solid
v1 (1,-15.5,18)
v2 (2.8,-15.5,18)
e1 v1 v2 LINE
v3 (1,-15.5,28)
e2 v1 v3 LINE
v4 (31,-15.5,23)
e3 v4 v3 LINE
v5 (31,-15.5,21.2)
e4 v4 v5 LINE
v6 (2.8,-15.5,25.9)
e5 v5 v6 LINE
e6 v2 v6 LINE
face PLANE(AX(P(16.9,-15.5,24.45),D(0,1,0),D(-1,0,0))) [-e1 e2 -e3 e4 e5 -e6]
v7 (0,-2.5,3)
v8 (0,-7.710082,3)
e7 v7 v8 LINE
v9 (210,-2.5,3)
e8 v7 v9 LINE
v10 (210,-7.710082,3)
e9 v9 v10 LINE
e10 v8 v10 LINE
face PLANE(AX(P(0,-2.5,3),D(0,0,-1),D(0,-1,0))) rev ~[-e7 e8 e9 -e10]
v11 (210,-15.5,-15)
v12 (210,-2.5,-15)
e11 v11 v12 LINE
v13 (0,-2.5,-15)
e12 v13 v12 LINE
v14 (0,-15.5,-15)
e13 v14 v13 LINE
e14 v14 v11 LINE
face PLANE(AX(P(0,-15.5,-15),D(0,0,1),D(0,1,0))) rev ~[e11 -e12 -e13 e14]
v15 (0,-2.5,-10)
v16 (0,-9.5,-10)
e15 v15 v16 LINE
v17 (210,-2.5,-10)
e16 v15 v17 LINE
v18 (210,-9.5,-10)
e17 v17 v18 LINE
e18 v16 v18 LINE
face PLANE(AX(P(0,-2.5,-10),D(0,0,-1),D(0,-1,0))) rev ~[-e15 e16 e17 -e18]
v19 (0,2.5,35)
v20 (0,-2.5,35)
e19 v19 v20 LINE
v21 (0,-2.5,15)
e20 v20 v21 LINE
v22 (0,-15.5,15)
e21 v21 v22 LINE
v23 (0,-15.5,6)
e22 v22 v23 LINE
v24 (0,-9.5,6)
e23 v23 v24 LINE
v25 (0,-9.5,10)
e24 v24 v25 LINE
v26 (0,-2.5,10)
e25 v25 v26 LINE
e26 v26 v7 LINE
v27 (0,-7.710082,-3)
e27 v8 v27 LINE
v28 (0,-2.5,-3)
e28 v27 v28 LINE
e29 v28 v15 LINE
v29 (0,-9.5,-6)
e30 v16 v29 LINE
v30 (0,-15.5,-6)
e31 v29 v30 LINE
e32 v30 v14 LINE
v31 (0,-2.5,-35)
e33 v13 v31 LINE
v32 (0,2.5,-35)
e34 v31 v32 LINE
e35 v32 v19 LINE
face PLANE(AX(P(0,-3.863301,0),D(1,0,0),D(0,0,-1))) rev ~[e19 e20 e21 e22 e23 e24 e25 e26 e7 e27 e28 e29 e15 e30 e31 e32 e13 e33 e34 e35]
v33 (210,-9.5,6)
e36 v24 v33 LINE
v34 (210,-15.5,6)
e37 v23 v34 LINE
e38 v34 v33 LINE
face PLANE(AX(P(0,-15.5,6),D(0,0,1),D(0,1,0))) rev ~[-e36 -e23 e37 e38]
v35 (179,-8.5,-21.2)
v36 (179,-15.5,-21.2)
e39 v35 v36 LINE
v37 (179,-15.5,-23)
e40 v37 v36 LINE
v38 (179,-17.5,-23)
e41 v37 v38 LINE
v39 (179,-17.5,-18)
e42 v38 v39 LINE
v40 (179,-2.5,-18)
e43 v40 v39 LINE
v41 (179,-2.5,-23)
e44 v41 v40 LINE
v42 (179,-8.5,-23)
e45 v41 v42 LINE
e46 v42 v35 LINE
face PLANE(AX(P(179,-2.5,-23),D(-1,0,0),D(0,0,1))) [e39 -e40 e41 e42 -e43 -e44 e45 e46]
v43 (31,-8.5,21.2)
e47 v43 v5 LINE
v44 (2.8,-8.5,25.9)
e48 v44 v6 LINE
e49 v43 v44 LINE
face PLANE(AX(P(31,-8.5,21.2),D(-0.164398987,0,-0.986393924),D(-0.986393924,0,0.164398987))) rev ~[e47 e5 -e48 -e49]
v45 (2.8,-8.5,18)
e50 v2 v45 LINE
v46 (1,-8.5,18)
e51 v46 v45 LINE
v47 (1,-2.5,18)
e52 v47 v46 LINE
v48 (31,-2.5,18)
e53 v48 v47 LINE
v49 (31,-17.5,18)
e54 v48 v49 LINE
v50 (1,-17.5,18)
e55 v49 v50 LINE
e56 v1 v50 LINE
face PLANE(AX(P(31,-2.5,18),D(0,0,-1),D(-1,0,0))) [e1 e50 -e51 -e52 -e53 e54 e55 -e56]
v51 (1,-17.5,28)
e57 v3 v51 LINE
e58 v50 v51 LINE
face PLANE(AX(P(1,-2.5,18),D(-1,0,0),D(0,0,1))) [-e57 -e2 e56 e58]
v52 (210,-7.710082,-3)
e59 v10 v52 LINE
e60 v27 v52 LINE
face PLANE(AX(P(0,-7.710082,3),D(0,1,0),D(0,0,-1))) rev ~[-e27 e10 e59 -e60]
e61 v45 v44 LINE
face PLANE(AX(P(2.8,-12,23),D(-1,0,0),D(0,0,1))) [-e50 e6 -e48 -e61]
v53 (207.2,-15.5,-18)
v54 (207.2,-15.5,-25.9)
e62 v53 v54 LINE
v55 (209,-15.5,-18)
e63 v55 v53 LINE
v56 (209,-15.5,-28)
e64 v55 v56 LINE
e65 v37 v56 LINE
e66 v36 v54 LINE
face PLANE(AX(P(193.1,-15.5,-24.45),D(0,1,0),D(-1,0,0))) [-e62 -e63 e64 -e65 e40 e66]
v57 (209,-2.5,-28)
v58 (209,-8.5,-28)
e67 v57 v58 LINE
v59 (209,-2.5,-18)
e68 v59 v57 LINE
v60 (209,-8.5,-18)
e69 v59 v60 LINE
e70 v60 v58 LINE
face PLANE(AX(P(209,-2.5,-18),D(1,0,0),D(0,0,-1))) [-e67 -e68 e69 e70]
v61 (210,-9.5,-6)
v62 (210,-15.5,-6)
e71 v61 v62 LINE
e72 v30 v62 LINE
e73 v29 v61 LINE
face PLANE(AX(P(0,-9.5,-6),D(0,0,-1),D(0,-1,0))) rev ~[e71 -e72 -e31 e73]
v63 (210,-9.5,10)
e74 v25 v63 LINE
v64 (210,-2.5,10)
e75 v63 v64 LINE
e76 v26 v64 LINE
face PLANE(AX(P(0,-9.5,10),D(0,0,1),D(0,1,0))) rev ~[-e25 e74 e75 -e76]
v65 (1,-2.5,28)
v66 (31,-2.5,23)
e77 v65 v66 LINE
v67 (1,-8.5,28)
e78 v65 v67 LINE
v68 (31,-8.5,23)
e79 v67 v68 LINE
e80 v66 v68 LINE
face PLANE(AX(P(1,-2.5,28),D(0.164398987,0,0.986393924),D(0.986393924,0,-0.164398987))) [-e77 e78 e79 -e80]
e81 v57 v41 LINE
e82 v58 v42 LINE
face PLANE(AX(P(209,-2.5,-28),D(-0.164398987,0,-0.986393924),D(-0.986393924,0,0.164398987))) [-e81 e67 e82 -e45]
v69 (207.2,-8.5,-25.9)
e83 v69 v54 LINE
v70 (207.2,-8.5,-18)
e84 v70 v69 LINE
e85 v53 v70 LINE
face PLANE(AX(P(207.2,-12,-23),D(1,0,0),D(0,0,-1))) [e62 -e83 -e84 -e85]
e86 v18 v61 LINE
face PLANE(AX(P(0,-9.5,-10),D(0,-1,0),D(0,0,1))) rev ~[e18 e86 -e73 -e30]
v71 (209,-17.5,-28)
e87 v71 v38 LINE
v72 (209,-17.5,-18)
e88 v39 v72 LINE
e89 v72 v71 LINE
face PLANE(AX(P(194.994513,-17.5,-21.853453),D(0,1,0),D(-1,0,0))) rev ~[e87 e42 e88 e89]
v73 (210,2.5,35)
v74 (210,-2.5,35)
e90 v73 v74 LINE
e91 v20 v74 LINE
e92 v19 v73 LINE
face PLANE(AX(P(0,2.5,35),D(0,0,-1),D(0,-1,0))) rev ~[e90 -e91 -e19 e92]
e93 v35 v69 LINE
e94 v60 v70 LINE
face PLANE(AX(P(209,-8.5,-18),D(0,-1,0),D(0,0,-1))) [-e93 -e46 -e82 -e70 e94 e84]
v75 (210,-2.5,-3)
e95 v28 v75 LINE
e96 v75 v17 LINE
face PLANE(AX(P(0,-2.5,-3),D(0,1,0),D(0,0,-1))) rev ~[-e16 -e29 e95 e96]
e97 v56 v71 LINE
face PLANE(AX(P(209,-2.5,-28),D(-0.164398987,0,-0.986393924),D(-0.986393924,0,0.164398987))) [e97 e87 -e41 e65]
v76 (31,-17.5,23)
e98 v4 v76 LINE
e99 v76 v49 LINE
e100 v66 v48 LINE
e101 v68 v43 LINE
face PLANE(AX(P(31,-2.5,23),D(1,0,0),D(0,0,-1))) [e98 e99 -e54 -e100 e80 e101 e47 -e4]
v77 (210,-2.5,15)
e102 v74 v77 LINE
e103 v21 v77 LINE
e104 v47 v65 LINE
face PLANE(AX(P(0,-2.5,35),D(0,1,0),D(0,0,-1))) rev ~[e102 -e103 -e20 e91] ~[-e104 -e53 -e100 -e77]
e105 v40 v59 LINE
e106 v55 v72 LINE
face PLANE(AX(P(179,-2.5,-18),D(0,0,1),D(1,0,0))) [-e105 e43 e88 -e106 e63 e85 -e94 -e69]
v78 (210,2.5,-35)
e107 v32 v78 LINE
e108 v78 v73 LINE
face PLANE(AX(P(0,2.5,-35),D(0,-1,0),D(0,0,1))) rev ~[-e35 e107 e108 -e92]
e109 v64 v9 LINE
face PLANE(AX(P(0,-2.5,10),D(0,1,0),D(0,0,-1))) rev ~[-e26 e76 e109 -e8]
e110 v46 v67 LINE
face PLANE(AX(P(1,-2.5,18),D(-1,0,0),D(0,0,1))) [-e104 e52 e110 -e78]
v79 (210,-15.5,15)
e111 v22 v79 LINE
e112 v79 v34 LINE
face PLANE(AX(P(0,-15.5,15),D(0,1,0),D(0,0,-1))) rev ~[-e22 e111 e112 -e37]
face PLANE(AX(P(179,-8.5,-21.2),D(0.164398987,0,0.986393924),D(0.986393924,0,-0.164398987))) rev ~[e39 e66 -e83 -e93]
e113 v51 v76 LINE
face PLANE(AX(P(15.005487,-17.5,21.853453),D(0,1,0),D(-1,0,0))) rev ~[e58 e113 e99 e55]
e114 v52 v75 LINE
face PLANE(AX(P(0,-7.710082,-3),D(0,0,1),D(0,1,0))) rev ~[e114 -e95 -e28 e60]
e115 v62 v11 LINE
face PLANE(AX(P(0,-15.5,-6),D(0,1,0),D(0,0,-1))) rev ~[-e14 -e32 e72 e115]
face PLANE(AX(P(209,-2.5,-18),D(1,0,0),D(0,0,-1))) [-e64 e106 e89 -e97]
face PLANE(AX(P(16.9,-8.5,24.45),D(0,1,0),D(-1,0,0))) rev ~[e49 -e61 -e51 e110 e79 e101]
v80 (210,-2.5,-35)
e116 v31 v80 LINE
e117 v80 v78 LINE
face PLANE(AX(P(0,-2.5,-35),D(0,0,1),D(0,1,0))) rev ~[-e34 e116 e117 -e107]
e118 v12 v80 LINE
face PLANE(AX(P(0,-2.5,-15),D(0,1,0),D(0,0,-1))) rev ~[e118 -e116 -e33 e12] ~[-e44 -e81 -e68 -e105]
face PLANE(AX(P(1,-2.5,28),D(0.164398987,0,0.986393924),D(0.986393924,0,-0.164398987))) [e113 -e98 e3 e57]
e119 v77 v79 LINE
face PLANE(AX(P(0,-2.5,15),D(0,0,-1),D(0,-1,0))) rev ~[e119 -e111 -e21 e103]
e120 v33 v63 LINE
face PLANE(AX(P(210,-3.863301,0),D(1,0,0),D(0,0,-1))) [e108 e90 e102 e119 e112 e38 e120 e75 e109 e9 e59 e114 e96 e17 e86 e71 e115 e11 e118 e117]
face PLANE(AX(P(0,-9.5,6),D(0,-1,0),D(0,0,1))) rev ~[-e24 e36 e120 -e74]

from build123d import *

# Parameters (mm, degrees)
BOSS_EXTRUDE1_DEPTH = 210
BOSS_EXTRUDE2_DEPTH = 15
SKETCH3_W           = 10
SKETCH3_H           = 7
CUT_EXTRUDE1_DEPTH  = 1.8
SKETCH5_W           = 10
SKETCH5_H           = 7
CUT_EXTRUDE2_DEPTH  = 1.8
CUT_EXTRUDE3_DEPTH  = 7
CUT_EXTRUDE4_DEPTH  = 7


with BuildPart() as part:
    # Sketch1 → Boss-Extrude1 (new body)
    with BuildSketch(Plane(origin=(0, 0, 0), x_dir=(0, 0, -1), z_dir=(1, 0, 0))):
        Polygon((-35, -2.5), (-15, -2.5), (-15, -15.5), (-6, -15.5), (-6, -9.5), (-10, -9.5), (-10, -2.5), (-3, -2.5), (-3, -7.710081811), (3, -7.710081811), (3, -2.5), (10, -2.5), (10, -9.5), (6, -9.5), (6, -15.5), (15, -15.5), (15, -2.5), (35, -2.5), (35, 2.5), (-35, 2.5), align=None)
    extrude(amount=BOSS_EXTRUDE1_DEPTH)

    # Sketch2 → Boss-Extrude2 (add)
    with BuildSketch(Plane.XZ.offset(2.5)):
        Polygon((1, 28), (31, 23), (31, 18), (1, 18), align=None)
        Polygon((209, -18), (209, -28), (179, -23), (179, -18), align=None)
    extrude(amount=BOSS_EXTRUDE2_DEPTH)

    # Sketch3 → Cut-Extrude1 (cut)
    with BuildSketch(Plane.ZY.offset(-1)):
        with Locations((23, -12)):
            Rectangle(SKETCH3_W, SKETCH3_H)
    extrude(amount=-CUT_EXTRUDE1_DEPTH, mode=Mode.SUBTRACT)

    # Sketch5 → Cut-Extrude2 (cut)
    with BuildSketch(Plane(origin=(209, 0, 0), x_dir=(0, 0, -1), z_dir=(1, 0, 0))):
        with Locations((23, -12)):
            Rectangle(SKETCH5_W, SKETCH5_H)
    extrude(amount=-CUT_EXTRUDE2_DEPTH, mode=Mode.SUBTRACT)

    # Sketch7 → Cut-Extrude3 (cut)
    with BuildSketch(Plane.XZ.offset(8.5)):
        Polygon((207.2, -27.7), (179, -23), (179, -21.2), (207.2, -25.9), align=None)
    extrude(amount=CUT_EXTRUDE3_DEPTH, mode=Mode.SUBTRACT)

    # Sketch8 → Cut-Extrude4 (cut)
    with BuildSketch(Plane.XZ.offset(8.5)):
        Polygon((2.8, 27.7), (31, 23), (31, 21.2), (2.8, 25.9), align=None)
    extrude(amount=CUT_EXTRUDE4_DEPTH, mode=Mode.SUBTRACT)


solid = part.part
